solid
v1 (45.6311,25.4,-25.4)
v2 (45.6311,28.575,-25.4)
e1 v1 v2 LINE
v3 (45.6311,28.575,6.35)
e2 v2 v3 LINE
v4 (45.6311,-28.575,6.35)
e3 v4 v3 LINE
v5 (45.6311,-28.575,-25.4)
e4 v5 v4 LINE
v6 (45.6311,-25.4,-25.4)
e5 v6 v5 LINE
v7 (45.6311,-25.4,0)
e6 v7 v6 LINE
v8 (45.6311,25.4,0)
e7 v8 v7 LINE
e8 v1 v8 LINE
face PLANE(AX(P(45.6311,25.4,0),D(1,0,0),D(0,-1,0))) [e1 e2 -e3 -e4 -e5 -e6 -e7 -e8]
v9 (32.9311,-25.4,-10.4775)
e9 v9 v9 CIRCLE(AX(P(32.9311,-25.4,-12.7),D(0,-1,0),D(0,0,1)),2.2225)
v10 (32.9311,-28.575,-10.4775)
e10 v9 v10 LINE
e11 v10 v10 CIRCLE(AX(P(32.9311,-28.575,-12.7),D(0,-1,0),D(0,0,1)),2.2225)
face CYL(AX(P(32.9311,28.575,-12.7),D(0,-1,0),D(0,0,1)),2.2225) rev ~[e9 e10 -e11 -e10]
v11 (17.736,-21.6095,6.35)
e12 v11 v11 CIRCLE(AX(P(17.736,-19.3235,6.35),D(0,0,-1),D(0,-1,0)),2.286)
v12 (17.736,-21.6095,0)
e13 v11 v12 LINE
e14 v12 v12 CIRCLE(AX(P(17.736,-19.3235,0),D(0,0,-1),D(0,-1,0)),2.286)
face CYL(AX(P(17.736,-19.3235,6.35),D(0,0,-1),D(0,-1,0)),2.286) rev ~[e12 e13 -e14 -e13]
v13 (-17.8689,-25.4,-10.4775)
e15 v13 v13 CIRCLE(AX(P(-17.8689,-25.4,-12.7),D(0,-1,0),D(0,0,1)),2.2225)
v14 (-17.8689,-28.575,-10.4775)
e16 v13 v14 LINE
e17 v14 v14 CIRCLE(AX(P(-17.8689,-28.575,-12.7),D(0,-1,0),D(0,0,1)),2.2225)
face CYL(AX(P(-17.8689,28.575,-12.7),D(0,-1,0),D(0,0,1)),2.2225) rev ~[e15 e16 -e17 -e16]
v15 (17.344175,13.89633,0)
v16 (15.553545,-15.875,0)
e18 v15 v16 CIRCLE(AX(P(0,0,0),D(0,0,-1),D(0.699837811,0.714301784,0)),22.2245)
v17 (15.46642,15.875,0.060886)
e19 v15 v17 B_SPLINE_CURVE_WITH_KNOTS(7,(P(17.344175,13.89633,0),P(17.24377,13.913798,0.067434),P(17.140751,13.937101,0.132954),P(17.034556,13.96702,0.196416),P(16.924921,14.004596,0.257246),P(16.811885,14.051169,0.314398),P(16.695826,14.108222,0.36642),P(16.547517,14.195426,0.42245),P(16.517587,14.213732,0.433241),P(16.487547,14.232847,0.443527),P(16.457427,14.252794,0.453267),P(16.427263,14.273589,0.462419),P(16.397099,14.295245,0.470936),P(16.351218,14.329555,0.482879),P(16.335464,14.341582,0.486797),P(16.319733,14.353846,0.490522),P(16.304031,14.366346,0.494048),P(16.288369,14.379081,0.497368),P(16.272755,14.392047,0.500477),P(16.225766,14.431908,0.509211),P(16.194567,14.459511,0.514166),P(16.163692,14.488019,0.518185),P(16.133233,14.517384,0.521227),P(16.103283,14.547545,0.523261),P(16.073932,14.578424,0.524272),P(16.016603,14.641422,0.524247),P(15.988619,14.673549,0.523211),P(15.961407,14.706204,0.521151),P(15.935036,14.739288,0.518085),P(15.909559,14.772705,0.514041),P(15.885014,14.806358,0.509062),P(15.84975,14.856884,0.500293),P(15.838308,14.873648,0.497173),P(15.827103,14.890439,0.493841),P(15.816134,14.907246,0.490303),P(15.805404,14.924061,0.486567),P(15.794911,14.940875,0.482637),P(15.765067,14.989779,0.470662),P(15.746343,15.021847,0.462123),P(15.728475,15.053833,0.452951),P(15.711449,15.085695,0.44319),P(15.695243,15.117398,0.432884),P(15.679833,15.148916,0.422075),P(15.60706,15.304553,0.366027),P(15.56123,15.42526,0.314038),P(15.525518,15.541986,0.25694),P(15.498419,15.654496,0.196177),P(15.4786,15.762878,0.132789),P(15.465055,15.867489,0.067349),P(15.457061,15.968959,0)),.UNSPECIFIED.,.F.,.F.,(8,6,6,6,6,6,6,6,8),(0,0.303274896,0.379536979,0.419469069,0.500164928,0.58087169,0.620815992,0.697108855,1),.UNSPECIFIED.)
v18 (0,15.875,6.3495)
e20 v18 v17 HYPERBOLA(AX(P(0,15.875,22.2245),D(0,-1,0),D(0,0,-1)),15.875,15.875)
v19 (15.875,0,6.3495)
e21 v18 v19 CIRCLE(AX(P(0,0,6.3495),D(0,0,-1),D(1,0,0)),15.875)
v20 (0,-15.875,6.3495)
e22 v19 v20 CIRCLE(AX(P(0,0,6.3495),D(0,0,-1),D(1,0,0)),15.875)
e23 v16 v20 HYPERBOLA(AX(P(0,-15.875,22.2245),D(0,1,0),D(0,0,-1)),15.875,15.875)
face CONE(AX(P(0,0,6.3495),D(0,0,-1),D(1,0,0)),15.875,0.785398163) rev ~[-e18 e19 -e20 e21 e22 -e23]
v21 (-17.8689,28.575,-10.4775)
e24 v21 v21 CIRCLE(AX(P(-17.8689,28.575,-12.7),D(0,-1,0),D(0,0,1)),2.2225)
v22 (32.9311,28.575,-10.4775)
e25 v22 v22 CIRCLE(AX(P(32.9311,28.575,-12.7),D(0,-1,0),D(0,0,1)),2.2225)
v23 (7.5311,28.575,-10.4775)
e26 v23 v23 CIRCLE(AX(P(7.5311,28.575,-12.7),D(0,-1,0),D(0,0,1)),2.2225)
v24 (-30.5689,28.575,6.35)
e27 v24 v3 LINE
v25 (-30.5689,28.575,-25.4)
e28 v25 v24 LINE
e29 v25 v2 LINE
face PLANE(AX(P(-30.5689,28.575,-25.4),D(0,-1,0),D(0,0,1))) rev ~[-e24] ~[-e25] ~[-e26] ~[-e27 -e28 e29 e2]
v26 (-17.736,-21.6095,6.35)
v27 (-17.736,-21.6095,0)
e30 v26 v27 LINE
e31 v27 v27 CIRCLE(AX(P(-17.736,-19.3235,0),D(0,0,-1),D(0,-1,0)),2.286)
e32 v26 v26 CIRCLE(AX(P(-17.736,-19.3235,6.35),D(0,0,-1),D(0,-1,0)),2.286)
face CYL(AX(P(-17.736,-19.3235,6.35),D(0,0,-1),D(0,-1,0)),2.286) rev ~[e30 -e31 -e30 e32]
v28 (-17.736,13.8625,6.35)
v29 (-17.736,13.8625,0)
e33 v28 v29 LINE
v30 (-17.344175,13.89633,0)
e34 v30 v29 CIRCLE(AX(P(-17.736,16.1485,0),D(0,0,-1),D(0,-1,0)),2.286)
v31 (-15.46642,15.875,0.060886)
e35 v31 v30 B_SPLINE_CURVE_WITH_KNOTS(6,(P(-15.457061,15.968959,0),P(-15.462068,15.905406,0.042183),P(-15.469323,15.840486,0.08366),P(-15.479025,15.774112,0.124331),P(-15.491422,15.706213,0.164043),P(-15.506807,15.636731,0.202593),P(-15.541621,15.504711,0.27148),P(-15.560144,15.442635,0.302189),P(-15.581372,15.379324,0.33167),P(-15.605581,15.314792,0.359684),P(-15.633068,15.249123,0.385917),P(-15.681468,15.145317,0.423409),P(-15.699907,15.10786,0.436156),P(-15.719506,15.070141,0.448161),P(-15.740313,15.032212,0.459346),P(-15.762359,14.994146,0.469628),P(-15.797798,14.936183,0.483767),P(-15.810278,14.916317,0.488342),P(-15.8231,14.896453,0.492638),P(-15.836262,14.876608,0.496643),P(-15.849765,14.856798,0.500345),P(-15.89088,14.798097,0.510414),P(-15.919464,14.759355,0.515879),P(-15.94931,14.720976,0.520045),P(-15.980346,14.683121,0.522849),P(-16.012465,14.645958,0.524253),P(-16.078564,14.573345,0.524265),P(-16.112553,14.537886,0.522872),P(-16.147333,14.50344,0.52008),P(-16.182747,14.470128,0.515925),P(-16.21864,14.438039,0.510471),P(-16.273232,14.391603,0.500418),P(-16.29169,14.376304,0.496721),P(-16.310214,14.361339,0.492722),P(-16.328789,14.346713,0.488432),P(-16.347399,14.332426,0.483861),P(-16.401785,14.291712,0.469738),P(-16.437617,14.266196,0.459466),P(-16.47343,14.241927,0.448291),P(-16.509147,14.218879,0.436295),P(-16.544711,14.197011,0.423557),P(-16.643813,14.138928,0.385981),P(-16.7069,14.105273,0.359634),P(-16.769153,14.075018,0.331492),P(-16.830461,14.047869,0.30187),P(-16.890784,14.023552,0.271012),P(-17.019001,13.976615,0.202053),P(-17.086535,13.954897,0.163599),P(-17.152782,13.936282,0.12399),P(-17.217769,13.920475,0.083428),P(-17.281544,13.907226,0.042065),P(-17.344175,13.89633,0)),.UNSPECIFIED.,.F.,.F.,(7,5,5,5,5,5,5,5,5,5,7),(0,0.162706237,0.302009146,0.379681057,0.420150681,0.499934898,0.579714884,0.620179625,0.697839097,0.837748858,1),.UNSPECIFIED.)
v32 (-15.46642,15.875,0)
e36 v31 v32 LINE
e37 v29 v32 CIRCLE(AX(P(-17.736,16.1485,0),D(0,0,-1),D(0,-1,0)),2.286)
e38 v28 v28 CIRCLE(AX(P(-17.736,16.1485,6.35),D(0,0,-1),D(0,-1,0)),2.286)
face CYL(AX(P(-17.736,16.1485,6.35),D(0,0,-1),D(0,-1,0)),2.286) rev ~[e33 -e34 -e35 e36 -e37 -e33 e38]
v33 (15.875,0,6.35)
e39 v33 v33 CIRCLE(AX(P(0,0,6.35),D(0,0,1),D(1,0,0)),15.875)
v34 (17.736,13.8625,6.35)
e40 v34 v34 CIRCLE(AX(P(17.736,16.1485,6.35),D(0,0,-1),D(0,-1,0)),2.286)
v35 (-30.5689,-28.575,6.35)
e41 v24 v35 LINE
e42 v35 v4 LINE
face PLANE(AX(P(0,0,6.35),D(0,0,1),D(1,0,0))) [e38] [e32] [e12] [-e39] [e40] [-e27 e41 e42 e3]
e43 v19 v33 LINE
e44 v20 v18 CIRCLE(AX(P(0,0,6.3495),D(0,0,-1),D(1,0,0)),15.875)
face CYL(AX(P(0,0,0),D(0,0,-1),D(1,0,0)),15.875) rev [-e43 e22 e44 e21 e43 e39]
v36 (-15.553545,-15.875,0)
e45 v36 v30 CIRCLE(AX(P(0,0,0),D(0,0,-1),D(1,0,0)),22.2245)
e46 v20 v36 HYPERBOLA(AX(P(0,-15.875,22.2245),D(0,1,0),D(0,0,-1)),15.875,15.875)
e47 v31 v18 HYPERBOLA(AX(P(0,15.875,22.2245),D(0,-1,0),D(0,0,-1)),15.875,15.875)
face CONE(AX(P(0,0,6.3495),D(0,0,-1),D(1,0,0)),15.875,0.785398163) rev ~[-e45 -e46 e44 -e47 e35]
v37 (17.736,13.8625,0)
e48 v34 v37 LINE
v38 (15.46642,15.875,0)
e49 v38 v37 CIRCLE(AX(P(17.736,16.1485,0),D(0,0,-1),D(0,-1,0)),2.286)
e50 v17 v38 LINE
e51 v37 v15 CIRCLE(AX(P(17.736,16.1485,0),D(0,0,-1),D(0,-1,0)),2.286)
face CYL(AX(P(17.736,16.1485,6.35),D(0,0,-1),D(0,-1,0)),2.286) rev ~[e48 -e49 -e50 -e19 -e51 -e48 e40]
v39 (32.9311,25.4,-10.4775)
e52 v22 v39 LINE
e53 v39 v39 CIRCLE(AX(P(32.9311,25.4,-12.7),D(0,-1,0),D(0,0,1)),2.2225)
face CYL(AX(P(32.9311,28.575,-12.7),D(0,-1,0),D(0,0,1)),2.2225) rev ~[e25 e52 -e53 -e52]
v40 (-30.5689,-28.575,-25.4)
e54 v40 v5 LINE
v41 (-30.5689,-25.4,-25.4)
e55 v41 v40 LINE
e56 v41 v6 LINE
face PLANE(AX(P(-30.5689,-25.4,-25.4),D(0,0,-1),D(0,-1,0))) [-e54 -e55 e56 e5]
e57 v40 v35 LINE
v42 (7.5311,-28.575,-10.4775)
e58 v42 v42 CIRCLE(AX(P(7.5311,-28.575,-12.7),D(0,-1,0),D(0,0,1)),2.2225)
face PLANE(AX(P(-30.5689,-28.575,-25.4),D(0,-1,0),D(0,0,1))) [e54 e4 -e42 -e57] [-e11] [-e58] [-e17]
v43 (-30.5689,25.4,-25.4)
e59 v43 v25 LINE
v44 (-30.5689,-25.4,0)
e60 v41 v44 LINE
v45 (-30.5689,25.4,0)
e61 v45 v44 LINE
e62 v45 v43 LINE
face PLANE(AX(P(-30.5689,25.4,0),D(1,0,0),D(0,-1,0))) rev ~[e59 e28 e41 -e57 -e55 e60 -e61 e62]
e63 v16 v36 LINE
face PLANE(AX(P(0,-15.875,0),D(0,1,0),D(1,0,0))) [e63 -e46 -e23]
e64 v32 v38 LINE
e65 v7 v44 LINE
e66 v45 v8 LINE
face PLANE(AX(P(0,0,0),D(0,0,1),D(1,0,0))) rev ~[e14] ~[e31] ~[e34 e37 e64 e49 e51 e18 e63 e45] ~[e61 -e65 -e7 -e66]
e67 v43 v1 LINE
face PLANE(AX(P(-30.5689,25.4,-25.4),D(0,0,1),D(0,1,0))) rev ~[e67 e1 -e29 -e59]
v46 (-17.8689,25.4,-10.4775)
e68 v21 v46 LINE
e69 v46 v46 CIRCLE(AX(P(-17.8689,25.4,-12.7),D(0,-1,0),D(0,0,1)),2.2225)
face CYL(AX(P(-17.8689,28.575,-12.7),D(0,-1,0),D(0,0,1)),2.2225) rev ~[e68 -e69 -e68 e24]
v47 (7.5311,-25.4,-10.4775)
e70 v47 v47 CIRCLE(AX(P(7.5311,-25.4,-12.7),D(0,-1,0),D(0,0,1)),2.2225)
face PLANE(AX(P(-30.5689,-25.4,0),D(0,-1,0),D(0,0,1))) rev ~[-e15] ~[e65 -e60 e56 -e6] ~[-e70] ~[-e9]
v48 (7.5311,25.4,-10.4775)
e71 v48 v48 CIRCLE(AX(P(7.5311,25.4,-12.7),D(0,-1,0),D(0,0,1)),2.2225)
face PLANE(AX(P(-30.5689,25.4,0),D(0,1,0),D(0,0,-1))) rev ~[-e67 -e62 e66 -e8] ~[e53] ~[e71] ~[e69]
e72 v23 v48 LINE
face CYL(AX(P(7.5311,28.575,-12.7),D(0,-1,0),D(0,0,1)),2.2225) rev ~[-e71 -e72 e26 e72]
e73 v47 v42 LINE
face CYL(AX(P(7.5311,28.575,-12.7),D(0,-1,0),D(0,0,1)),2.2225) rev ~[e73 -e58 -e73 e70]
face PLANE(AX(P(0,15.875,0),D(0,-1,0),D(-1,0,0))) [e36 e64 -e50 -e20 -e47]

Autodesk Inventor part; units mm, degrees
ref_plane "YZ Plane" through (0, 0, 0) normal (1, 0, 0) x (0, 1, 0)
ref_plane "XZ Plane" through (0, 0, 0) normal (0, 1, 0) x (-1, 0, 0)
ref_plane "XY Plane" through (0, 0, 0) normal (0, 0, 1) x (1, 0, 0)
sketch "Sketch1" plane through (0, 0, 0) normal (0, 0, 1) x (1, 0, 0)
  circle A0 centre (0, 0) radius 15.875
  line L0 (0, 15.875) -> (0, 25.4)
  line L1 (0, 25.4) -> (-30.5689, 25.4)
  line L2 (-30.5689, 25.4) -> (-30.5689, -25.4)
  line L3 (-30.5689, -25.4) -> (0, -25.4)
  line L4 (0, -25.4) -> (0, -15.875)
  line L5 (0, -15.875) -> (0, 15.875)
  line L6 (0, 25.4) -> (45.6311, 25.4)
  line L7 (45.6311, 25.4) -> (45.6311, -25.4)
  line L8 (45.6311, -25.4) -> (0, -25.4)
  line L9 (0, -25.4) -> (0, 25.4)
  line L10 (7.5311, 25.4) -> (7.5311, -25.4) construction
  line L11 (-17.8689, 25.4) -> (-17.8689, -25.4) construction
  line L12 (32.9311, 25.4) -> (32.9311, -25.4) construction
  dimension "d0" = 31.75
  dimension "d1" = 50.8
  dimension "d3" = 7.5311
  dimension "d6" = 38.1
  dimension "d7" = 38.1
  dimension "d8" = 25.4
  dimension "d9" = 25.4
extrude "Extrusion1" add sketch "Sketch1" along normal blind 6.35 contours A0 L0 L6 L7 L8 L4 | A0 L4 L3 L2 L1 L0
chamfer "Chamfer1" distance 6.35 distance2 6.35 1 edges at (-15.875, 0, 0) measured on face at (15.8235, -1.2774, 4.2333)
sketch "Sketch2" plane through (-30.5689, -25.4, 0) normal (-1, 0, 0) x (0, 0, 1)
  line L0 (0, 0) -> (6.35, 0) projected
  line L1 (6.35, 0) -> (-25.4, 0)
  line L2 (-25.4, 0) -> (-25.4, -3.175)
  line L3 (-25.4, -3.175) -> (6.35, -3.175)
  line L4 (6.35, -3.175) -> (6.35, 0)
  line L5 (6.35, 50.8) -> (-25.4, 50.8)
  line L6 (-25.4, 50.8) -> (-25.4, 53.975)
  line L7 (-25.4, 53.975) -> (6.35, 53.975)
  line L8 (6.35, 53.975) -> (6.35, 50.8)
  line L9 (0, 50.8) -> (0, 0) projected
  point P0 (0, 25.4)
  dimension "d15" = 3.175
  dimension "d16" = 25.4
extrude "Extrusion2" add sketch "Sketch2" against normal up to surface (76.2 mm away)
sketch "Sketch3" plane through (-30.5689, 28.575, 6.35) normal (0, 1, 0) x (1, 0, 0)
  line L0 (0, 0) -> (0, 31.75) projected
  line L1 (0, 31.75) -> (76.2, 31.75) projected
  point P0 (30.5689, 6.35)
  point P1 (12.7, 19.05)
  point P2 (38.1, 19.05)
  point P3 (63.5, 19.05)
  dimension "d19" = 12.7
  dimension "d20" = 25.4
  dimension "d21" = 25.4
  dimension "d22" = 12.7
hole "Hole1" at (-17.8689, 28.575, -12.7) at (7.5311, 28.575, -12.7) at (32.9311, 28.575, -12.7) direction (0, -1, 0) diameter 4.445 end through all
sketch "Sketch4" plane through (0, 0, 0) normal (0, 0, -1) x (-1, 0, 0)
  line L0 (22.225, -15.875) -> (-22.225, -15.875)
  line L1 (-22.225, -15.875) -> (-22.225, 15.875)
  line L2 (-22.225, 15.875) -> (22.225, 15.875)
  line L3 (22.225, 15.875) -> (22.225, -15.875)
  line L4 (22.225, -15.875) -> (-22.225, 15.875) construction
  line L5 (-22.225, -15.875) -> (22.225, 15.875) construction
  circle A0 centre (0, 0) radius 15.875 projected
  circle A1 centre (0, 0) radius 22.225 projected
  point P0 (15.5543, 15.875)
  point P1 (-15.5543, 15.875)
  point P2 (-15.5543, -15.875)
  point P3 (15.5543, -15.875)
extrude "Extrusion3" add sketch "Sketch4" against normal up to surface (6.35 mm away) contours A1 L0 | L2 A1
sketch "Sketch5" plane through (0, 0, 6.35) normal (0, 0, 1) x (1, 0, 0)
  circle A0 centre (0, -1.5875) radius 25.0825 construction
  line L0 (-17.736, -19.3235) -> (17.736, 16.1485) construction
  line L1 (-17.736, 16.1485) -> (17.736, -19.3235) construction
  line L2 (-17.736, -19.3235) -> (17.736, -19.3235) construction
  point P0 (0, 0)
  point P1 (0, -1.5875)
  dimension "d32" = 1.5875
  dimension "d34" = 50.165
hole "Hole2" at (-17.736, -19.3235, 6.35) at (17.736, 16.1485, 6.35) at (-17.736, 16.1485, 6.35) at (17.736, -19.3235, 6.35) direction (0, 0, -1) diameter 4.572 end through all
properties part number "Inner Channel Guide"
